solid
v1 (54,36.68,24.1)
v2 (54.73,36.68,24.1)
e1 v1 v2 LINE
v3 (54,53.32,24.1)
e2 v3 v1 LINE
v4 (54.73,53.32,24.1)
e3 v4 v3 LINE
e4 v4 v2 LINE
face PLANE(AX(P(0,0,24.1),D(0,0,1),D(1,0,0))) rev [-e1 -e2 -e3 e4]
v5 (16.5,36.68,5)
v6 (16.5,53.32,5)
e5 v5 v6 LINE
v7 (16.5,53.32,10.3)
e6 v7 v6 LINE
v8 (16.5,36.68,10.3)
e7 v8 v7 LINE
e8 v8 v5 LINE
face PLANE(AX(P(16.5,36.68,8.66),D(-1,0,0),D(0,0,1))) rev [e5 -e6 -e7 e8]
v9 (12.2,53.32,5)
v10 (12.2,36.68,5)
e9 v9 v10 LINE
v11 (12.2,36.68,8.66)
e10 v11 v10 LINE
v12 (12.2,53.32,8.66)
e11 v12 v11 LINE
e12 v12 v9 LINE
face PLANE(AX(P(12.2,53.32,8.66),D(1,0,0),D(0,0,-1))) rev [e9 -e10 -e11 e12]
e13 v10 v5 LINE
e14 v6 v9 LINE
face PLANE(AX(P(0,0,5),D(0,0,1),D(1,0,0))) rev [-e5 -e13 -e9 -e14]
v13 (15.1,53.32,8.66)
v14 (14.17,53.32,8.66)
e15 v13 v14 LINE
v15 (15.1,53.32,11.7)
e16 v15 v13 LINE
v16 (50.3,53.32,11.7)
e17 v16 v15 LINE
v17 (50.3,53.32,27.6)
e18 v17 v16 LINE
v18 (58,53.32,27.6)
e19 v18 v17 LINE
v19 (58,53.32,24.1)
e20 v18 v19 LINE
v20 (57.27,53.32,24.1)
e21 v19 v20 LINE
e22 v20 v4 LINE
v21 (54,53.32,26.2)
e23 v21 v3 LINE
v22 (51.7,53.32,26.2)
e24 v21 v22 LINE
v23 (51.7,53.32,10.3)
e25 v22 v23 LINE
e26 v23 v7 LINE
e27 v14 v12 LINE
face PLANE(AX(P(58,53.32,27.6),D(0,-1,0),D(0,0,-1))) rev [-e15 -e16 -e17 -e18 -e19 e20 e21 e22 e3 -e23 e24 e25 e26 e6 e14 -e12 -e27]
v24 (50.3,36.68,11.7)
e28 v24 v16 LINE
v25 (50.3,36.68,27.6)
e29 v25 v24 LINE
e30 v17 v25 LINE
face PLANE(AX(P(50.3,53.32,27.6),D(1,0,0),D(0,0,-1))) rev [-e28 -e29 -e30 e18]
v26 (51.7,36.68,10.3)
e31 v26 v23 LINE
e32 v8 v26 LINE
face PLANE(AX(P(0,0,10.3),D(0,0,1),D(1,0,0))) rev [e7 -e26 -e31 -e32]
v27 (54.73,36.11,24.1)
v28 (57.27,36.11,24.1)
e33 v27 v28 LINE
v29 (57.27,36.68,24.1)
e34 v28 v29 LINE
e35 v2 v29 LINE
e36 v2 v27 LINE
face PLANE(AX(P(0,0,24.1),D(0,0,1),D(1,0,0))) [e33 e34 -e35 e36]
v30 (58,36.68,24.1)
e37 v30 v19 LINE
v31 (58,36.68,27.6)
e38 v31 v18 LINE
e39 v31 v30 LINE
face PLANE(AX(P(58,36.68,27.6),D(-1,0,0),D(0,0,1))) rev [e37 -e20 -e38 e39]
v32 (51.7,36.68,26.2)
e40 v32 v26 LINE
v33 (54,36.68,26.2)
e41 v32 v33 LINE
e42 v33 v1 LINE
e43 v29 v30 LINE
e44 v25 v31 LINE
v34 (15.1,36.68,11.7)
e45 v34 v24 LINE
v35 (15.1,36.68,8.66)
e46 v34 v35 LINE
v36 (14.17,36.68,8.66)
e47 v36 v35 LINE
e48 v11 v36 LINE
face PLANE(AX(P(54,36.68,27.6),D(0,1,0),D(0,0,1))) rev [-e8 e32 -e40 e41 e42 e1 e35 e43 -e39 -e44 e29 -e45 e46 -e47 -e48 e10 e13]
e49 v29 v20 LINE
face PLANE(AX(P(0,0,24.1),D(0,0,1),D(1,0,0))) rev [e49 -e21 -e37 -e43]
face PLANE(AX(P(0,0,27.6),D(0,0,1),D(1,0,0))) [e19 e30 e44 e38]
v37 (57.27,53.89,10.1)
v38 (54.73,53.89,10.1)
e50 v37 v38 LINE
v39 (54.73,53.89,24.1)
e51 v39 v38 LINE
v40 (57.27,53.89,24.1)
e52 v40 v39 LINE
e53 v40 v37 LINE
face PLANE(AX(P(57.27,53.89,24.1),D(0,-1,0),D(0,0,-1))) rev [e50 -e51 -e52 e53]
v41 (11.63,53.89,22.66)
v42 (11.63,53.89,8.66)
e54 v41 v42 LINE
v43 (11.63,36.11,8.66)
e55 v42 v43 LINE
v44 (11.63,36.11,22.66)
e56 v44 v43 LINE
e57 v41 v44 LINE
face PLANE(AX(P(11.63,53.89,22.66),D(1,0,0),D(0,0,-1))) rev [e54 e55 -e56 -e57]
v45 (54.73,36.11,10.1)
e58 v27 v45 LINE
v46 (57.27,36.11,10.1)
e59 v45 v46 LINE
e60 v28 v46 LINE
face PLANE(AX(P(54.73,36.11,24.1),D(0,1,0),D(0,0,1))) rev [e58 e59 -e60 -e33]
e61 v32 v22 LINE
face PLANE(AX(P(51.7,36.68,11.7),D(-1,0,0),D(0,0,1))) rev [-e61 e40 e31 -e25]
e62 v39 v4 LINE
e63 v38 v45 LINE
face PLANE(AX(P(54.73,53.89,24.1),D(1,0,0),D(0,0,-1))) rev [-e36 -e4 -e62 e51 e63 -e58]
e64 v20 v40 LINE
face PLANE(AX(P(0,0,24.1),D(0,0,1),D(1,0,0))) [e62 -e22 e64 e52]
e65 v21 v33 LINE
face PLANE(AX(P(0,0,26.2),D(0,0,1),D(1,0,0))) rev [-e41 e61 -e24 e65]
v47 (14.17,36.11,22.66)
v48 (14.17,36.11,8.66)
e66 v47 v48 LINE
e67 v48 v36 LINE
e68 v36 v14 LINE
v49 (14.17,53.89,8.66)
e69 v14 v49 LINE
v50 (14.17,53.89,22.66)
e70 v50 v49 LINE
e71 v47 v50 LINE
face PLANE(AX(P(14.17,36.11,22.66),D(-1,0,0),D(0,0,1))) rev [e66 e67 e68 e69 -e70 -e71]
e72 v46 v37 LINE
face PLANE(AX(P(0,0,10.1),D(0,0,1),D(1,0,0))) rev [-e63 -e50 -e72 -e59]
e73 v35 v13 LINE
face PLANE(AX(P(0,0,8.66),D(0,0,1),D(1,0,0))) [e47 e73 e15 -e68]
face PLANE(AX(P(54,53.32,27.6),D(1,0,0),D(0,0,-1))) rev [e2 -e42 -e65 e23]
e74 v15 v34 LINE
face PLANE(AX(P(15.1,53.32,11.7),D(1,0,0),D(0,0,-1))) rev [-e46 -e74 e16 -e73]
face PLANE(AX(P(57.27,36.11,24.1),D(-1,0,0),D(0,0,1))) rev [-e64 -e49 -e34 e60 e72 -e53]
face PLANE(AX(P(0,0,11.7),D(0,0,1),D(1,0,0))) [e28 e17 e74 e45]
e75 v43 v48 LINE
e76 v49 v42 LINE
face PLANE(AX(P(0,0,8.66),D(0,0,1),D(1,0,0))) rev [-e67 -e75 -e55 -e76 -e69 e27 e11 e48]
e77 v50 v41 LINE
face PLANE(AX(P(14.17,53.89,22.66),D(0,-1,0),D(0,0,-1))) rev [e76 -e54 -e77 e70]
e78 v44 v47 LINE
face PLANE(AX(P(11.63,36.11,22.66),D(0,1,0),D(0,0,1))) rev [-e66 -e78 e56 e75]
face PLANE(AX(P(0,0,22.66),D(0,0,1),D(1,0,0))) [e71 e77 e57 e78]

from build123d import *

# Parameters (mm, degrees)
MALE_START                                 = 10.1
SKETCH_1_W                                 = 2.54
SKETCH_1_H                                 = 17.78
MALE_HOUSINGS_IN_J5_DEPTH                  = 14
FEMALE_START                               = 8.66
SKETCH_2_W                                 = 2.54
SKETCH_2_H                                 = 17.78
FEMALE_HOUSINGS_ON_THE_MODULE_HEADER_DEPTH = 14
S_BEND_START                               = 5
SKETCH_3_W                                 = 4.3
SKETCH_3_H                                 = 16.64
S_BEND_ABOVE_THE_FEMALE_HOUSINGS_DEPTH     = 3.66
SKETCH_4_W                                 = 1.4
SKETCH_4_H                                 = 16.64
S_BEND_DOWN_LEG_DEPTH                      = 6.7
RUN_START                                  = 10.3
SKETCH_5_W                                 = 36.6
SKETCH_5_H                                 = 16.64
RUN_UNDER_THE_BATTERY_DEPTH                = 1.4
DROP_START                                 = 10.3
SKETCH_6_W                                 = 1.4
SKETCH_6_H                                 = 16.64
DROP_BESIDE_THE_MODULE_EDGE_DEPTH          = 17.3
RUN_START_2                                = 26.2
SKETCH_7_W                                 = 7.7
SKETCH_7_H                                 = 16.64
RUN_UNDER_THE_MALE_HOUSINGS_DEPTH          = 1.4
LOOP_START                                 = 24.1
SKETCH_8_W                                 = 4
SKETCH_8_H                                 = 16.64
LOOP_INTO_THE_MALE_HOUSINGS_DEPTH          = 3.5


with BuildPart() as part:
    # 草圖1 → male housings in J5 (new body)
    with BuildSketch(Plane.XY.offset(MALE_START)):
        with Locations((56, 45)):
            Rectangle(SKETCH_1_W, SKETCH_1_H)
    extrude(amount=MALE_HOUSINGS_IN_J5_DEPTH)



with BuildPart() as body_2:
    # 草圖2 → female housings on the module header (new body)
    with BuildSketch(Plane.XY.offset(FEMALE_START)):
        with Locations((12.9, 45)):
            Rectangle(SKETCH_2_W, SKETCH_2_H)
    extrude(amount=FEMALE_HOUSINGS_ON_THE_MODULE_HEADER_DEPTH)

    # 草圖3 → S-bend above the female housings (add)
    with BuildSketch(Plane.XY.offset(S_BEND_START)):
        with Locations((14.35, 45)):
            Rectangle(SKETCH_3_W, SKETCH_3_H)
    extrude(amount=S_BEND_ABOVE_THE_FEMALE_HOUSINGS_DEPTH)

    # 草圖4 → S-bend down leg (add)
    with BuildSketch(Plane.XY.offset(S_BEND_START)):
        with Locations((15.8, 45)):
            Rectangle(SKETCH_4_W, SKETCH_4_H)
    extrude(amount=S_BEND_DOWN_LEG_DEPTH)

    # 草圖5 → run under the battery (add)
    with BuildSketch(Plane.XY.offset(RUN_START)):
        with Locations((33.4, 45)):
            Rectangle(SKETCH_5_W, SKETCH_5_H)
    extrude(amount=RUN_UNDER_THE_BATTERY_DEPTH)

    # 草圖6 → drop beside the module edge (add)
    with BuildSketch(Plane.XY.offset(DROP_START)):
        with Locations((51, 45)):
            Rectangle(SKETCH_6_W, SKETCH_6_H)
    extrude(amount=DROP_BESIDE_THE_MODULE_EDGE_DEPTH)

    # 草圖7 → run under the male housings (add)
    with BuildSketch(Plane.XY.offset(RUN_START_2)):
        with Locations((54.15, 45)):
            Rectangle(SKETCH_7_W, SKETCH_7_H)
    extrude(amount=RUN_UNDER_THE_MALE_HOUSINGS_DEPTH)


with BuildPart() as part_1:
    add(part.part)

    add(body_2.part)  # loop into the male housings merges body 2
    # 草圖8 → loop into the male housings (add)
    with BuildSketch(Plane.XY.offset(LOOP_START)):
        with Locations((56, 45)):
            Rectangle(SKETCH_8_W, SKETCH_8_H)
    extrude(amount=LOOP_INTO_THE_MALE_HOUSINGS_DEPTH)


solid = part_1.part
